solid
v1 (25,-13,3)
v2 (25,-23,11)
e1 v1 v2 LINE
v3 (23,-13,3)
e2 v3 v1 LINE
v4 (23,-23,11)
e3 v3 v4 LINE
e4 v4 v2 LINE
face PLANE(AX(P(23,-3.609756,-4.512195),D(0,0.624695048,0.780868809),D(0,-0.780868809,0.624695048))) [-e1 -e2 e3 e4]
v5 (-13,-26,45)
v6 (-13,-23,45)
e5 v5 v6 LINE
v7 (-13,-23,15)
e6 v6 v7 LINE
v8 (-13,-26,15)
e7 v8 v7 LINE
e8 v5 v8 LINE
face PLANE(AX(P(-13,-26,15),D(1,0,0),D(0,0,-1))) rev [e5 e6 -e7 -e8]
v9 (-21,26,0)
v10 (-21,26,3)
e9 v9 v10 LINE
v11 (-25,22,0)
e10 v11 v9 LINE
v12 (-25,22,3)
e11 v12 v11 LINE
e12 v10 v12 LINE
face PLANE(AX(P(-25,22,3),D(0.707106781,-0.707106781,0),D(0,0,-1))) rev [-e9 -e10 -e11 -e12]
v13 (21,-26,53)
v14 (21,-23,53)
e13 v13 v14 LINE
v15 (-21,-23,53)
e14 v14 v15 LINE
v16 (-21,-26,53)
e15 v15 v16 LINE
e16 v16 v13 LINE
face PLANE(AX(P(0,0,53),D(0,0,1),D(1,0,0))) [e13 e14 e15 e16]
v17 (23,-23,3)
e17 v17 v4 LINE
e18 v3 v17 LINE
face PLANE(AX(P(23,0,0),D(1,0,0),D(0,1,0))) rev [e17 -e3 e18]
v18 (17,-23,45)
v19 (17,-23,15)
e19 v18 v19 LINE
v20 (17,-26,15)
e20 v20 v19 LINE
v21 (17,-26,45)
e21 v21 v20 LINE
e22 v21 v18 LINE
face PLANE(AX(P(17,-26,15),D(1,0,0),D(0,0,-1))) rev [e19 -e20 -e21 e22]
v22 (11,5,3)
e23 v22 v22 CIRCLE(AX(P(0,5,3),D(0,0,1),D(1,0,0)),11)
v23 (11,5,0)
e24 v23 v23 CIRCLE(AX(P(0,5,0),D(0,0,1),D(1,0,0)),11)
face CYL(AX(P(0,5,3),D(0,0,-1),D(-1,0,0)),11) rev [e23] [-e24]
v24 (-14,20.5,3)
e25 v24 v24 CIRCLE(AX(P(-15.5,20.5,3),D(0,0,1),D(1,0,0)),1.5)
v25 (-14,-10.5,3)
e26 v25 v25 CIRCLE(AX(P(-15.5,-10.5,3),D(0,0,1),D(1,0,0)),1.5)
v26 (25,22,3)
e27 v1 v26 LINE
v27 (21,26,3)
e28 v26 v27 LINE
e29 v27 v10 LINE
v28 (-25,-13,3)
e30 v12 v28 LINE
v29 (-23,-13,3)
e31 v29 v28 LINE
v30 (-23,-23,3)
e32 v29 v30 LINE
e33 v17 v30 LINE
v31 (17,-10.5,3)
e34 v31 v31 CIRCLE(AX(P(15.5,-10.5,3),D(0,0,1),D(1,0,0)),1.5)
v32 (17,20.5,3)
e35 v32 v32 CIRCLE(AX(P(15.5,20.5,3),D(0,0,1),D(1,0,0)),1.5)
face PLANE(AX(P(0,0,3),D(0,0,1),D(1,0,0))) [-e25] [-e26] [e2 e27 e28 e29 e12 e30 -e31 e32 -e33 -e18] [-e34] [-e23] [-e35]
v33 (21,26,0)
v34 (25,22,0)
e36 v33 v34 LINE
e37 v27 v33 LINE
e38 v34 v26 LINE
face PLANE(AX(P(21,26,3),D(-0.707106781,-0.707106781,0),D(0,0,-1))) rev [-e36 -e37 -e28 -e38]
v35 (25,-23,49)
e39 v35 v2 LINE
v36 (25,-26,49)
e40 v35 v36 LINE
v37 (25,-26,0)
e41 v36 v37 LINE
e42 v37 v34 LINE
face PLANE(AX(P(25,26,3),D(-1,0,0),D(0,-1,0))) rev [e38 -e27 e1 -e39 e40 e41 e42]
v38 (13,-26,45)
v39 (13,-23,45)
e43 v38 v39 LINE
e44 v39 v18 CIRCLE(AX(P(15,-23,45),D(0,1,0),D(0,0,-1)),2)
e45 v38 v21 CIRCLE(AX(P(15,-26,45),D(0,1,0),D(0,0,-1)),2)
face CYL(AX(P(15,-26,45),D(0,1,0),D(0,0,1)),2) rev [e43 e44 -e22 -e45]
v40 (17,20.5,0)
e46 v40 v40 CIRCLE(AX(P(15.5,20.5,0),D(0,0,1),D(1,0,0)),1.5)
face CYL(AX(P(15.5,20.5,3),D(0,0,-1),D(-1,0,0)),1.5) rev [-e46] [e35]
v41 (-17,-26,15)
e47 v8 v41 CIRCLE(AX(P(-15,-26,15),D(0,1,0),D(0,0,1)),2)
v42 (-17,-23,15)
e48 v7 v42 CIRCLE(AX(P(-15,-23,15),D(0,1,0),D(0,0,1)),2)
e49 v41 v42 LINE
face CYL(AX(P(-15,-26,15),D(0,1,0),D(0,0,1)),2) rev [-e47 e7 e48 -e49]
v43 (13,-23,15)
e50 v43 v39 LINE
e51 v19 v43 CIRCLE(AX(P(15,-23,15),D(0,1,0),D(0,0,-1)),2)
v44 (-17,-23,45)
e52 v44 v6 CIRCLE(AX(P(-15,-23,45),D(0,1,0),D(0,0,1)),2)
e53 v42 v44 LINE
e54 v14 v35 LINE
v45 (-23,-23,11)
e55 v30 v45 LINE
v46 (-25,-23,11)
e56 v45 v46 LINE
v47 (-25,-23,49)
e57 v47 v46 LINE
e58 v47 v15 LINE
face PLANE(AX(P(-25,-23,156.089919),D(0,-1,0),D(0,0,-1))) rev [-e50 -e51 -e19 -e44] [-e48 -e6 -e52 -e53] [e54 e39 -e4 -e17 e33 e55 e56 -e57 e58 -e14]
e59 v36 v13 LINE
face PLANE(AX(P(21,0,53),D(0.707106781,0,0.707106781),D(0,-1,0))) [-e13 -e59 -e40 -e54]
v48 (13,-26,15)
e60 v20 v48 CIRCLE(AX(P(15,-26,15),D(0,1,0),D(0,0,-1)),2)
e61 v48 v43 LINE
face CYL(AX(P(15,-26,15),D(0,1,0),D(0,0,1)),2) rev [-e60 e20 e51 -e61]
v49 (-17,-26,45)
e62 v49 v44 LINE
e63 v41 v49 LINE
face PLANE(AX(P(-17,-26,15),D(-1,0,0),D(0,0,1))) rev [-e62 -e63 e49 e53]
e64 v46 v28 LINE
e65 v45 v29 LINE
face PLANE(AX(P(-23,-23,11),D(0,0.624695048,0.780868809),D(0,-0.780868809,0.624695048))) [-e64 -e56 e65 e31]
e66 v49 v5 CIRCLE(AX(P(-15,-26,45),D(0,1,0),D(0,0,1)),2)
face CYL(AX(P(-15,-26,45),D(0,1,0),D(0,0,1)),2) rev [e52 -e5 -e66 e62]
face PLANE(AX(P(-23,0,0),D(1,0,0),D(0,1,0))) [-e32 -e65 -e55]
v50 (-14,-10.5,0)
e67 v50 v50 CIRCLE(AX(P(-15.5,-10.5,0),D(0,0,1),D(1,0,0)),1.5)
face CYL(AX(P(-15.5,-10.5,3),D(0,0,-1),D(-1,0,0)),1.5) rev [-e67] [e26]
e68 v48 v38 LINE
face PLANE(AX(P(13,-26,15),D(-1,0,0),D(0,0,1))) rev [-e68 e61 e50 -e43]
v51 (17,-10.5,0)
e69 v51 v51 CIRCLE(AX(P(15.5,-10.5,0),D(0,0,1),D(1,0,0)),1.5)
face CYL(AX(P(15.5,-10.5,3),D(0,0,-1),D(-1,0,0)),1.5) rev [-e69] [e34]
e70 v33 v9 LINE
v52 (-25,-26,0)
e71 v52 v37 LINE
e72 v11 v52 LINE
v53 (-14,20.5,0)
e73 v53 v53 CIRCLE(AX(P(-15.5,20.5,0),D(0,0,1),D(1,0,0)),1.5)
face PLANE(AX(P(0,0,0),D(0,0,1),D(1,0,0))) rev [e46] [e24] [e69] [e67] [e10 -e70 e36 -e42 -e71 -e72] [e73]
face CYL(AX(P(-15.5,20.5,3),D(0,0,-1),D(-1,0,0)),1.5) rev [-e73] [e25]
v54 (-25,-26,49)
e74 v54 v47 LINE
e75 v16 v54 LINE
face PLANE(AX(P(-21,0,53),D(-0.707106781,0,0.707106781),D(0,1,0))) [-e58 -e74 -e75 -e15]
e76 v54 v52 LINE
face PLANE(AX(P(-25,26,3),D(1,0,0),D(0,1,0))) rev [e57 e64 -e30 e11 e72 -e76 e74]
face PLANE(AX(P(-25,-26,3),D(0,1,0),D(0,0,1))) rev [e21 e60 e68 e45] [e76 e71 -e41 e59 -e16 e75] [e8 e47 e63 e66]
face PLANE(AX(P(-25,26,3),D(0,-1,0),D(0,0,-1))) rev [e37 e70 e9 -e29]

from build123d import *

# Parameters (mm, degrees)
SKETCH1_W           = 50
SKETCH1_H           = 52
SKETCH1_R           = 11
SKETCH1_R_2         = 1.5
BOSS_EXTRUDE1_DEPTH = 3
CHAMFER1_SIZE       = 4
SKETCH2_W           = 50
SKETCH2_H           = 3
BOSS_EXTRUDE2_DEPTH = 50
BOSS_EXTRUDE3_DEPTH = 2
BOSS_EXTRUDE4_DEPTH = 2
CHAMFER2_SIZE       = 4
CUT_EXTRUDE1_DEPTH  = 4


with BuildPart() as part:
    # Sketch1 → Boss-Extrude1 (new body)
    with BuildSketch(Plane.XY):
        Rectangle(SKETCH1_W, SKETCH1_H)
        with Locations((0, 5)):
            Circle(SKETCH1_R, mode=Mode.SUBTRACT)
        with Locations((-15.5, 20.5)):
            Circle(SKETCH1_R_2, mode=Mode.SUBTRACT)
        with Locations((15.5, 20.5)):
            Circle(SKETCH1_R_2, mode=Mode.SUBTRACT)
        with Locations((15.5, -10.5)):
            Circle(SKETCH1_R_2, mode=Mode.SUBTRACT)
        with Locations((-15.5, -10.5)):
            Circle(SKETCH1_R_2, mode=Mode.SUBTRACT)
    extrude(amount=BOSS_EXTRUDE1_DEPTH)

    # Chamfer1
    chamfer1_edges = [part.edges().sort_by_distance(p)[0] for p in [
        (-25, 26, 1.5),
        (25, 26, 1.5),
    ]]
    chamfer(chamfer1_edges, length=CHAMFER1_SIZE)

    # Sketch2 → Boss-Extrude2 (add)
    with BuildSketch(Plane.XY.offset(3)):
        with Locations((0, -24.5)):
            Rectangle(SKETCH2_W, SKETCH2_H)
    extrude(amount=BOSS_EXTRUDE2_DEPTH)

    # Sketch3 → Boss-Extrude3 (add)
    with BuildSketch(Plane(origin=(25, 0, 0), x_dir=(0, 0, -1), z_dir=(1, 0, 0))):
        Polygon((-3, -13), (-11, -23), (-3, -23), align=None)
    extrude(amount=-BOSS_EXTRUDE3_DEPTH)

    # Sketch4 → Boss-Extrude4 (add)
    with BuildSketch(Plane.ZY.offset(25)):
        Polygon((3, -13), (3, -23), (11, -23), align=None)
    extrude(amount=-BOSS_EXTRUDE4_DEPTH)

    # Chamfer2
    chamfer2_edges = [part.edges().sort_by_distance(p)[0] for p in [
        (-25, -24.5, 53),
        (25, -24.5, 53),
    ]]
    chamfer(chamfer2_edges, length=CHAMFER2_SIZE)

    # Sketch5 → Cut-Extrude1 (cut, through all)
    with BuildSketch(Plane(origin=(0, -23, 0), x_dir=(1, 0, 0), z_dir=(0, 1, 0))):
        with BuildLine():
            Line((-13, -15), (-13, -45))
            ThreePointArc((-13, -45), (-15, -47), (-17, -45))
            Line((-17, -45), (-17, -15))
            ThreePointArc((-17, -15), (-15, -13), (-13, -15))
        make_face()
        with BuildLine():
            Line((13, -15), (13, -45))
            ThreePointArc((13, -45), (15, -47), (17, -45))
            Line((17, -45), (17, -15))
            ThreePointArc((17, -15), (15, -13), (13, -15))
        make_face()
    extrude(amount=-CUT_EXTRUDE1_DEPTH, mode=Mode.SUBTRACT)


solid = part.part
